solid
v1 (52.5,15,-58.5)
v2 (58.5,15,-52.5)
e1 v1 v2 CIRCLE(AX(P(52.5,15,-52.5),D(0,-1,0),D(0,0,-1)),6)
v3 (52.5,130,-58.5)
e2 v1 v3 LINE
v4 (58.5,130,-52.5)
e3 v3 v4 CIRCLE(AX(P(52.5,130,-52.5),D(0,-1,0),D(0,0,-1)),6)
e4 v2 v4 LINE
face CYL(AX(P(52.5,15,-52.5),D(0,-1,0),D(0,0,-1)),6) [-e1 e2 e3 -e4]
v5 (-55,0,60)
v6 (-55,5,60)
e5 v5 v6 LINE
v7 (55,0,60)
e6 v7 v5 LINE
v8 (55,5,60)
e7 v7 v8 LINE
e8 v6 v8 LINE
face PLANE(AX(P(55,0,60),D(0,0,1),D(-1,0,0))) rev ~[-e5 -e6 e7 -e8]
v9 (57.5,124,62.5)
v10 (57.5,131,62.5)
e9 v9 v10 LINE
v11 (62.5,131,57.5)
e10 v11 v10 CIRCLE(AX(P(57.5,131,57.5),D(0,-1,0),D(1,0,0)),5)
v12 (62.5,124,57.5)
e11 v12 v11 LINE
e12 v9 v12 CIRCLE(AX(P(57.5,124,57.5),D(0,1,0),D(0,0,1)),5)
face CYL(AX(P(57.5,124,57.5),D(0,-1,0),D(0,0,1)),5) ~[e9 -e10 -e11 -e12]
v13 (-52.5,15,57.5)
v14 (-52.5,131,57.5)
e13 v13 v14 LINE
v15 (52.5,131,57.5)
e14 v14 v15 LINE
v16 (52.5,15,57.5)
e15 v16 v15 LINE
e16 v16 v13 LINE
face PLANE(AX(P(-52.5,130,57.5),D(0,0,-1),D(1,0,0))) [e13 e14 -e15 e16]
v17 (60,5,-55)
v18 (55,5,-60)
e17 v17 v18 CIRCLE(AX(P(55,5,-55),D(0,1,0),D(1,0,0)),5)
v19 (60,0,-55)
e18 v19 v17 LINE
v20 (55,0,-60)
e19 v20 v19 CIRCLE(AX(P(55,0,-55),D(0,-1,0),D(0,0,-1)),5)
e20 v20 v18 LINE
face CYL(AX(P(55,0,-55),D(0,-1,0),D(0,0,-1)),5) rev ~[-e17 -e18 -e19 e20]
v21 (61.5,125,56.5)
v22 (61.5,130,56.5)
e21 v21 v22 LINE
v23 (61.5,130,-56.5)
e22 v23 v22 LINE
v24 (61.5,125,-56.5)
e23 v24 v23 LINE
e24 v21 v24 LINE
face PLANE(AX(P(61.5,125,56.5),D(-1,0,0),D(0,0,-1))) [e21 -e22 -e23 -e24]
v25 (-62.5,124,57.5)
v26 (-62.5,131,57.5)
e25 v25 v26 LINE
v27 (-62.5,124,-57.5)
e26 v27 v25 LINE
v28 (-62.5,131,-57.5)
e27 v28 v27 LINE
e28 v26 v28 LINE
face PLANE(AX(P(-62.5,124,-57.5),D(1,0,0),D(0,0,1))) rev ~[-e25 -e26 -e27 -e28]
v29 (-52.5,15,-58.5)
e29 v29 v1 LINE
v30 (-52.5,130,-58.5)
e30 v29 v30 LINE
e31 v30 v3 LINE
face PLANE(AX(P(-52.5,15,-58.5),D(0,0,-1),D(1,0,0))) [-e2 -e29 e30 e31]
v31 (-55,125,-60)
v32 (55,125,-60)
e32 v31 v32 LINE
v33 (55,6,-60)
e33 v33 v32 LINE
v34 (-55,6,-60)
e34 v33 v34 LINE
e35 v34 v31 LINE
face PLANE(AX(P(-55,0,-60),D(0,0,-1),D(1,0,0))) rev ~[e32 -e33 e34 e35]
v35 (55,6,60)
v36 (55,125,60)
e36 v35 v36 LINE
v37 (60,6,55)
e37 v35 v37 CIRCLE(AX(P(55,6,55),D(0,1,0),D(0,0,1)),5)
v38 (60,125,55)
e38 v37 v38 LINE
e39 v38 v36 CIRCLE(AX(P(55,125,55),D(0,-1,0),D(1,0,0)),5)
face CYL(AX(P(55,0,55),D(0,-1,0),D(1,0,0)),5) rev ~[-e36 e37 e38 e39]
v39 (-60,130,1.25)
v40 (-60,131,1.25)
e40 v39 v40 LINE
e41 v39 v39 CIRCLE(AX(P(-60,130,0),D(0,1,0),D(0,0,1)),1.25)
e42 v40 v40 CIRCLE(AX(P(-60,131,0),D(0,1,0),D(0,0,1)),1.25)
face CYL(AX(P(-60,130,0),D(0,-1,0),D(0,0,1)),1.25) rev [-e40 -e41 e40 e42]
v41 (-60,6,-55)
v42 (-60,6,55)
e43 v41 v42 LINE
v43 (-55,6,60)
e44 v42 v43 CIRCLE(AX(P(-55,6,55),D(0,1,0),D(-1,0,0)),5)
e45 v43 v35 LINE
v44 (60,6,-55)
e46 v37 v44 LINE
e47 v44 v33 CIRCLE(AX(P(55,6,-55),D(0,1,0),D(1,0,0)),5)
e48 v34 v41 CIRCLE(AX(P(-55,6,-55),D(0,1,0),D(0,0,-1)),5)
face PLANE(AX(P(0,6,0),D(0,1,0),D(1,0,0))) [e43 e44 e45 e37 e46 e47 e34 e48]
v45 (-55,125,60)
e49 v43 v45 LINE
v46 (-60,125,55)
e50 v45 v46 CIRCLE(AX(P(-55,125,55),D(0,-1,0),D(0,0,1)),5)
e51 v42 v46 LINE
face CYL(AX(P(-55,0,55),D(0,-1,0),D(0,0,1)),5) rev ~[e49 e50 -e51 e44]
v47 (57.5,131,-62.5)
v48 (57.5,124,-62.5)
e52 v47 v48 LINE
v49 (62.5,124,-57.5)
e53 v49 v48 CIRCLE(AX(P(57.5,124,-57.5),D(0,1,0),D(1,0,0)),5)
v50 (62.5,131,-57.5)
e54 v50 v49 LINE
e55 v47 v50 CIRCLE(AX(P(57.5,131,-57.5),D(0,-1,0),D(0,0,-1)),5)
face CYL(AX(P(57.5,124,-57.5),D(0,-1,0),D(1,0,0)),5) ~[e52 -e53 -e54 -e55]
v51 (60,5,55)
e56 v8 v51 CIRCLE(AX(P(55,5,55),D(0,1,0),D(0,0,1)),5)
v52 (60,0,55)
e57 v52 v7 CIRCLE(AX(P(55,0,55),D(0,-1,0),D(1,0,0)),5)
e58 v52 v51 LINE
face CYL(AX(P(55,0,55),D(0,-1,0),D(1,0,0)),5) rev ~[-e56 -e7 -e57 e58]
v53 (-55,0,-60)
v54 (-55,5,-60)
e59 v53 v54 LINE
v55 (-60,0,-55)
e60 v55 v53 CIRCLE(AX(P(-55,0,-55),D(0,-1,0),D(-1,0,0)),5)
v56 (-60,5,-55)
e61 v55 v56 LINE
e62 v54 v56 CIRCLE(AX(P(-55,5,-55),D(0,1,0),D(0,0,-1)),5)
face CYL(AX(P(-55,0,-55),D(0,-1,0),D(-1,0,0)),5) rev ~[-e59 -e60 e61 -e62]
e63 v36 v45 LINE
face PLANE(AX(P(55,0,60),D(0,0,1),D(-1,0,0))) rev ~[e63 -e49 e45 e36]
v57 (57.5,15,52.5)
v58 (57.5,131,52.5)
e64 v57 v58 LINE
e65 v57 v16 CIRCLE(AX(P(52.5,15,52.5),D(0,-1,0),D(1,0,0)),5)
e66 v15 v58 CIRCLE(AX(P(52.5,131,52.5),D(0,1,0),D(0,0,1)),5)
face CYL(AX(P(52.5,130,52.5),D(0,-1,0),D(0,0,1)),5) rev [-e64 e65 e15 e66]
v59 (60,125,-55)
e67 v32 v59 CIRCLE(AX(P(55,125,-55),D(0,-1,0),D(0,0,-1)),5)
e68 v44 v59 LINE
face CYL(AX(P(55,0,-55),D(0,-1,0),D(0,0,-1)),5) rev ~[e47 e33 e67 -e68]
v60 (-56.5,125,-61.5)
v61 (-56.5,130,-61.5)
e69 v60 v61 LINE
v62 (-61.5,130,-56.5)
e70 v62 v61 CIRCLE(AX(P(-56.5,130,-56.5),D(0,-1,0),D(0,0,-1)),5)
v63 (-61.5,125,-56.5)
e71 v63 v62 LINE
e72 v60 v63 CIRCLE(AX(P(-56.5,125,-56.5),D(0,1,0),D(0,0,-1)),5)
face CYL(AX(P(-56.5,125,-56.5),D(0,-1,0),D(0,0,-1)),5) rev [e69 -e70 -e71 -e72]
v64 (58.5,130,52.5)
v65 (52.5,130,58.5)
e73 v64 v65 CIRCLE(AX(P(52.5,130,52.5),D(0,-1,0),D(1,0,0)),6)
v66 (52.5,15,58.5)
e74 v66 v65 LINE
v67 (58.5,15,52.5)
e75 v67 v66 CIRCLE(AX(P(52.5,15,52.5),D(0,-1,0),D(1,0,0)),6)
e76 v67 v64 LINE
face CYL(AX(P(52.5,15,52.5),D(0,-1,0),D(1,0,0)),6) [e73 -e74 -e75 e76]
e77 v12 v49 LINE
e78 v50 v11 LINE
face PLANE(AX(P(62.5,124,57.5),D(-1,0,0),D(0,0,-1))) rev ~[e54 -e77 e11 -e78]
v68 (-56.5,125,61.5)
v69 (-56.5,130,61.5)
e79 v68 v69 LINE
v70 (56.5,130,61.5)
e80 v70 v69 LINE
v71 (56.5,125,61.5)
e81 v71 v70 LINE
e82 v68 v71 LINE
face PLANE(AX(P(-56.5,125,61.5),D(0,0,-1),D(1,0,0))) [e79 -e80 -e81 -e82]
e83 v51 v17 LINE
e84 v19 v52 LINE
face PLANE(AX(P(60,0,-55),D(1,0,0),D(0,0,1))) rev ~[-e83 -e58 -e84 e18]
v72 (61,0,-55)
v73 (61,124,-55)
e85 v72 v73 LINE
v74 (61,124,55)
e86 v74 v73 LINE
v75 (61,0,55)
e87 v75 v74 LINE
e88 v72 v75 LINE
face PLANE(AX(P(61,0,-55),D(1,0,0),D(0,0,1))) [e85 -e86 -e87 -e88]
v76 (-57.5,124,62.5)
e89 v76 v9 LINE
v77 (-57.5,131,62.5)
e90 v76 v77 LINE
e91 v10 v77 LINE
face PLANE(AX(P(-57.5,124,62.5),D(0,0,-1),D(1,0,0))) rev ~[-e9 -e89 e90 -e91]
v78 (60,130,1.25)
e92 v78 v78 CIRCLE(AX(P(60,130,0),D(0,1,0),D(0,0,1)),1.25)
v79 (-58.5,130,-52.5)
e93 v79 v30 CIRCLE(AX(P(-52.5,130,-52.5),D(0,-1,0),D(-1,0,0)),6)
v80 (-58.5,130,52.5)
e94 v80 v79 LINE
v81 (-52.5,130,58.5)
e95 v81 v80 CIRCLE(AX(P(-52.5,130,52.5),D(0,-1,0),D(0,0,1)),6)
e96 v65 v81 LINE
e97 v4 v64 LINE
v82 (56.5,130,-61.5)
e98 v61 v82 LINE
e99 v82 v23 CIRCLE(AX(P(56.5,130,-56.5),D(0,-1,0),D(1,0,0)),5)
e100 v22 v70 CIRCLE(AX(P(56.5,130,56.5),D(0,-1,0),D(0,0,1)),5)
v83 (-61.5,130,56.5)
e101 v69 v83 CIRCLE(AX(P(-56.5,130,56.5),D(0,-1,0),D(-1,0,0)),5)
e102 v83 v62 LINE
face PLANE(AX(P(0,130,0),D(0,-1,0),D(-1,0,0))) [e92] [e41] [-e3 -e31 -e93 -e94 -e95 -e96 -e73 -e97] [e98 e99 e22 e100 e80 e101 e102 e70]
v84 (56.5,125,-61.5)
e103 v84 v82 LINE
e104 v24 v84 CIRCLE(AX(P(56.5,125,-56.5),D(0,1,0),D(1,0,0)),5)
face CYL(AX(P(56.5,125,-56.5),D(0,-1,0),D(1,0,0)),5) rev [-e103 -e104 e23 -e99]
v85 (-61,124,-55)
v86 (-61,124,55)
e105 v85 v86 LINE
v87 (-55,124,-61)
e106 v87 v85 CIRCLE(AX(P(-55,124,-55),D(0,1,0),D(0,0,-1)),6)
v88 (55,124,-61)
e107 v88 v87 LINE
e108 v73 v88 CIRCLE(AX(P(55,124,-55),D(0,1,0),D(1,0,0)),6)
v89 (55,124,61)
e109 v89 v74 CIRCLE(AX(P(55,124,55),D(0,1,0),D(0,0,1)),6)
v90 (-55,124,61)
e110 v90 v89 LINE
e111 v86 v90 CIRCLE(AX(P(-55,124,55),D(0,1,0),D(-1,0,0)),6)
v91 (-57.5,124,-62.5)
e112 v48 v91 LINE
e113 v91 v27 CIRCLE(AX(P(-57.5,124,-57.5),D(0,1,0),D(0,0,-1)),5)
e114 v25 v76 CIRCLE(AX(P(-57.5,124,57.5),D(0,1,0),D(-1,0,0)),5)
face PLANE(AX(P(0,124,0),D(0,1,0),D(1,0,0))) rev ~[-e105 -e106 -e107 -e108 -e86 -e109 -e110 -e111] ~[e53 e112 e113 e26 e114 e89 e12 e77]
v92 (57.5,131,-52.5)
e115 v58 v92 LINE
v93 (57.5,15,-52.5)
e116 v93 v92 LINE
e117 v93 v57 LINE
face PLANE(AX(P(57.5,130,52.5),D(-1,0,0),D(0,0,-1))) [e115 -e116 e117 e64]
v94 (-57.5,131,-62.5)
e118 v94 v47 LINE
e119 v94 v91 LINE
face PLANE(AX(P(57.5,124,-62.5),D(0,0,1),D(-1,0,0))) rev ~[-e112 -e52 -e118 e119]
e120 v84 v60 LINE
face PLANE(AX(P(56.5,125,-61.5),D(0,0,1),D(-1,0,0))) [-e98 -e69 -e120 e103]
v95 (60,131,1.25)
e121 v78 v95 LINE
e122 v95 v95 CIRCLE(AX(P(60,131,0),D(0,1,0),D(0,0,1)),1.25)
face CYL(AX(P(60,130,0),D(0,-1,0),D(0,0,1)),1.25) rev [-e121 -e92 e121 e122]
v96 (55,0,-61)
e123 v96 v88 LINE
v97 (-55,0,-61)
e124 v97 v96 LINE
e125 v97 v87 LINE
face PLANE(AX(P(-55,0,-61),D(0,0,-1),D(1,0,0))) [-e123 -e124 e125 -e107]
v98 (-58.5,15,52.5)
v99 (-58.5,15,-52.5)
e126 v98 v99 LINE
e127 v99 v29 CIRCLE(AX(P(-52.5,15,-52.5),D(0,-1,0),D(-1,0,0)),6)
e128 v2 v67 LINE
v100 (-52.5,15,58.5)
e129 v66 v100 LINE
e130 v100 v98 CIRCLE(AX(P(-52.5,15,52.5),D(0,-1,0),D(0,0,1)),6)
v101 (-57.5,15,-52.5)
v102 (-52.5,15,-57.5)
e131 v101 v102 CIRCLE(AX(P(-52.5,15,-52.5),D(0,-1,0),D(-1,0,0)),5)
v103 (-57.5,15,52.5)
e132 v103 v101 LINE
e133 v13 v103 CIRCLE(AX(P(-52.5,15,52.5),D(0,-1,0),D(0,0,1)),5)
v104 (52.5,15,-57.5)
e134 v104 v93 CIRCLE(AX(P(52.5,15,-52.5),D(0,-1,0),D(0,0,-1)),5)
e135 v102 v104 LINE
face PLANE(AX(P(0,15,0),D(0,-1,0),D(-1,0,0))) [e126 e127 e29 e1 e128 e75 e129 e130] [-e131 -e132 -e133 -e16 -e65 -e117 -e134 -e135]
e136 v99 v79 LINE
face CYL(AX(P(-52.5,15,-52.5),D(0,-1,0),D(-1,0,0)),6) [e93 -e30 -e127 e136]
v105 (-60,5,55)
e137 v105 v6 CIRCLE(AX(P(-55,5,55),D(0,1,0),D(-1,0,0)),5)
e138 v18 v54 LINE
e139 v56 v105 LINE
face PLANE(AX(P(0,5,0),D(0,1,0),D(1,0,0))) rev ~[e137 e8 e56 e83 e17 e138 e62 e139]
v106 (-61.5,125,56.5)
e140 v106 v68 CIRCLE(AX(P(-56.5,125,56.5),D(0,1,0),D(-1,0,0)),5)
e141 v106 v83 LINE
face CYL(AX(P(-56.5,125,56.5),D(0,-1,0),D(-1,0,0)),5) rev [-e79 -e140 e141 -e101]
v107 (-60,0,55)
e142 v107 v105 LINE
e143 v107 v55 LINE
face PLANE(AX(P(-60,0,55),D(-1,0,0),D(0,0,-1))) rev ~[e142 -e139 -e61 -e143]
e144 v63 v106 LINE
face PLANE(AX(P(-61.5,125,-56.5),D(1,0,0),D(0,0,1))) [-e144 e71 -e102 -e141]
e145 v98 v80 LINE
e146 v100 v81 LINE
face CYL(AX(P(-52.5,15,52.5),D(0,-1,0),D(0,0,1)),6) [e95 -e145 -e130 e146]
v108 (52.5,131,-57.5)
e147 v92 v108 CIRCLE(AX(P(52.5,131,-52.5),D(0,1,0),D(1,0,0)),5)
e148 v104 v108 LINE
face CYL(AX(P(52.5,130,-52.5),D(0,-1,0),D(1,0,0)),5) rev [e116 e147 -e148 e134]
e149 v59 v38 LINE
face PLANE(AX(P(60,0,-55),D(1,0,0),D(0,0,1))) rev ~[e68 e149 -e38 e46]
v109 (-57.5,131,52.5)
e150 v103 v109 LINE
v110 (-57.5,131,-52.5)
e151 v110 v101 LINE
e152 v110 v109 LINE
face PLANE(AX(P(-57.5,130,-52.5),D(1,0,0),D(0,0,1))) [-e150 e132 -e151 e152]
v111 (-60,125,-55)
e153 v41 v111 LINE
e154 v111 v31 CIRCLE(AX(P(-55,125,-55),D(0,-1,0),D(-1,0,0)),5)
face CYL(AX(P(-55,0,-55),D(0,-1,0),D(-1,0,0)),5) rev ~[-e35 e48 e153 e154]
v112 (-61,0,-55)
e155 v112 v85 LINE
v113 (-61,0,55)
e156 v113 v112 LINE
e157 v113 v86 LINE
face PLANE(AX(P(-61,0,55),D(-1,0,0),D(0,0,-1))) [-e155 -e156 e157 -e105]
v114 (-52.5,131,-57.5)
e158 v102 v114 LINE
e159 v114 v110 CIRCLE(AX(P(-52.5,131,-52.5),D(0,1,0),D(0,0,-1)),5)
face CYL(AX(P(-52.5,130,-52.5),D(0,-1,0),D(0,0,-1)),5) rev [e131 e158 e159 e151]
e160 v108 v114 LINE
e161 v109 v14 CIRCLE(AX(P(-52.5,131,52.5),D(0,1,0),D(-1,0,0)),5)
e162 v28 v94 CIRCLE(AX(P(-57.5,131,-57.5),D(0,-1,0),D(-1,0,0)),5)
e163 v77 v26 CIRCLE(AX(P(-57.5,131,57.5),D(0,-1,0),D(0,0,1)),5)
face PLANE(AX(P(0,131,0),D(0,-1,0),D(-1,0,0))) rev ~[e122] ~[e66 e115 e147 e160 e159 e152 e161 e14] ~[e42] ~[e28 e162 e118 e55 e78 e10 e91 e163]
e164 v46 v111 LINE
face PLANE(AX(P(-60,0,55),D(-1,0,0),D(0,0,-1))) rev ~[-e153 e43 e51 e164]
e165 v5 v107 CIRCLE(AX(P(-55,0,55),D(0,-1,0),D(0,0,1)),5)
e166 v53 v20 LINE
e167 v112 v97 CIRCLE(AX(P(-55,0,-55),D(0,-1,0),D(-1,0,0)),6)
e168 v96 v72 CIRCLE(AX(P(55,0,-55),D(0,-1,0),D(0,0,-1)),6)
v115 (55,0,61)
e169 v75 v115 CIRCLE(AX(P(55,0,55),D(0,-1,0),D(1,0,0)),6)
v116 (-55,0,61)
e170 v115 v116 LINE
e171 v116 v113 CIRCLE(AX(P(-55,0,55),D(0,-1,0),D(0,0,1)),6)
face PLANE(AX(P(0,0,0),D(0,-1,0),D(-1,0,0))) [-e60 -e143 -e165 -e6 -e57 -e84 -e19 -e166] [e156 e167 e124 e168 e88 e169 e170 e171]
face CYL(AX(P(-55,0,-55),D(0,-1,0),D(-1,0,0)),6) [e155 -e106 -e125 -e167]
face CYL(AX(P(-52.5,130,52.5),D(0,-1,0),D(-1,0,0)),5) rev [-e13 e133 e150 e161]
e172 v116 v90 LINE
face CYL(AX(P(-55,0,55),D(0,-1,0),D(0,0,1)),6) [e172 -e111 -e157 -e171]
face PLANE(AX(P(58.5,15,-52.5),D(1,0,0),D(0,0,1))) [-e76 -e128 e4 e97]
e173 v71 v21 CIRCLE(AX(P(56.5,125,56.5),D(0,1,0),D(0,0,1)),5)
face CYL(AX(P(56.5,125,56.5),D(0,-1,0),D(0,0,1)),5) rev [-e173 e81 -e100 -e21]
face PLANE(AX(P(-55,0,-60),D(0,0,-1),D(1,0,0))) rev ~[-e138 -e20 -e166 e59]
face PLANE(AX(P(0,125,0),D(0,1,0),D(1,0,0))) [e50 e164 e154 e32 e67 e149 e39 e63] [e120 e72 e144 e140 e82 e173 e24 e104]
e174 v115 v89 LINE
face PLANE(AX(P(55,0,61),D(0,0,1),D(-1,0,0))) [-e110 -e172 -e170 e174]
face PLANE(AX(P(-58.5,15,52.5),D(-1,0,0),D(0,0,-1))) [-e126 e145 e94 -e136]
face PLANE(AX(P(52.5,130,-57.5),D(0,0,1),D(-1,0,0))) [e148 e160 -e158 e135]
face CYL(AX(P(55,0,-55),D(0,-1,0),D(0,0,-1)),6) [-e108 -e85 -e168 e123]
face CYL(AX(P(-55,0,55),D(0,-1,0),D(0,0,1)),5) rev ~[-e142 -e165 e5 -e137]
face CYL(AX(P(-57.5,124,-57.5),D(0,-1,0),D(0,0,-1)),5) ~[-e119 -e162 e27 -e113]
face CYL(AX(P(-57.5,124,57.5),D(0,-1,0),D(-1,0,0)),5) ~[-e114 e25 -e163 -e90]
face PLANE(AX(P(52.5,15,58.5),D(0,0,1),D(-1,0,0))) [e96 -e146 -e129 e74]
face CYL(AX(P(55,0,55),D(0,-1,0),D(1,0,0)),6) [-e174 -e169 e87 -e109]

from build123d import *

# Parameters (mm, degrees)
EXTRUDE_1_DEPTH   = 125
EXTRUDE_1_2_DEPTH = 1
EXTRUDE_2_DEPTH   = 115
SKETCH_5_R        = 1.25
EXTRUDE_3_DEPTH   = 1
EXTRUDE_4_REACH   = 155.093
EXTRUDE_START     = -1
EXTRUDE_5_DEPTH   = 1


with BuildPart() as part:
    # 草图1 → Extrude 1 (new body)
    with BuildSketch(Plane(origin=(0, 0, 0), x_dir=(1, 0, 0), z_dir=(0, 1, 0))):
        with BuildLine():
            Line((55, -61), (-55, -61))
            ThreePointArc((-55, -61), (-59.242640687, -59.242640687), (-61, -55))
            Line((-61, -55), (-61, 55))
            ThreePointArc((-61, 55), (-59.242640687, 59.242640687), (-55, 61))
            Line((-55, 61), (55, 61))
            ThreePointArc((55, 61), (59.242640687, 59.242640687), (61, 55))
            Line((61, 55), (61, -55))
            ThreePointArc((61, -55), (59.242640687, -59.242640687), (55, -61))
        make_face()
        with BuildLine():
            Line((55, -60), (-55, -60))
            ThreePointArc((-55, -60), (-58.535533906, -58.535533906), (-60, -55))
            Line((-60, -55), (-60, 55))
            ThreePointArc((-60, 55), (-58.535533906, 58.535533906), (-55, 60))
            Line((-55, 60), (55, 60))
            ThreePointArc((55, 60), (58.535533906, 58.535533906), (60, 55))
            Line((60, 55), (60, -55))
            ThreePointArc((60, -55), (58.535533906, -58.535533906), (55, -60))
        make_face(mode=Mode.SUBTRACT)
    extrude(amount=EXTRUDE_1_DEPTH)

    # 草图2 → Extrude 1 2 (add)
    with BuildSketch(Plane(origin=(0, 5, 0), x_dir=(1, 0, 0), z_dir=(0, 1, 0))):
        with BuildLine():
            Line((-60, 55), (-60, -55))
            ThreePointArc((-60, -55), (-58.535533906, -58.535533906), (-55, -60))
            Line((-55, -60), (55, -60))
            ThreePointArc((55, -60), (58.535533906, -58.535533906), (60, -55))
            Line((60, -55), (60, 55))
            ThreePointArc((60, 55), (58.535533906, 58.535533906), (55, 60))
            Line((55, 60), (-55, 60))
            ThreePointArc((-55, 60), (-58.535533906, 58.535533906), (-60, 55))
        make_face()
    extrude(amount=EXTRUDE_1_2_DEPTH)



with BuildPart() as body_2:
    # 草图4 → 拉伸-薄壁2 (new body)
    with BuildSketch(Plane(origin=(0, 15, 0), x_dir=(1, 0, 0), z_dir=(0, 1, 0))):
        with BuildLine():
            Line((-52.5, 58.5), (52.5, 58.5))
            ThreePointArc((52.5, 58.5), (56.742640687, 56.742640687), (58.5, 52.5))
            Line((58.5, 52.5), (58.5, -52.5))
            ThreePointArc((58.5, -52.5), (56.742640687, -56.742640687), (52.5, -58.5))
            Line((52.5, -58.5), (-52.5, -58.5))
            ThreePointArc((-52.5, -58.5), (-56.742640687, -56.742640687), (-58.5, -52.5))
            Line((-58.5, -52.5), (-58.5, 52.5))
            ThreePointArc((-58.5, 52.5), (-56.742640687, 56.742640687), (-52.5, 58.5))
        make_face()
        with BuildLine():
            Line((-52.5, 57.5), (52.5, 57.5))
            ThreePointArc((52.5, 57.5), (56.035533906, 56.035533906), (57.5, 52.5))
            Line((57.5, 52.5), (57.5, -52.5))
            ThreePointArc((57.5, -52.5), (56.035533906, -56.035533906), (52.5, -57.5))
            Line((52.5, -57.5), (-52.5, -57.5))
            ThreePointArc((-52.5, -57.5), (-56.035533906, -56.035533906), (-57.5, -52.5))
            Line((-57.5, -52.5), (-57.5, 52.5))
            ThreePointArc((-57.5, 52.5), (-56.035533906, 56.035533906), (-52.5, 57.5))
        make_face(mode=Mode.SUBTRACT)
    extrude(amount=EXTRUDE_2_DEPTH)

    # 草图5 → 凸台-拉伸3 (add)
    with BuildSketch(Plane(origin=(0, 130, 0), x_dir=(1, 0, 0), z_dir=(0, 1, 0))):
        with BuildLine():
            Line((-57.5, 62.5), (57.5, 62.5))
            ThreePointArc((57.5, 62.5), (61.035533906, 61.035533906), (62.5, 57.5))
            Line((62.5, 57.5), (62.5, -57.5))
            ThreePointArc((62.5, -57.5), (61.035533906, -61.035533906), (57.5, -62.5))
            Line((57.5, -62.5), (-57.5, -62.5))
            ThreePointArc((-57.5, -62.5), (-61.035533906, -61.035533906), (-62.5, -57.5))
            Line((-62.5, -57.5), (-62.5, 57.5))
            ThreePointArc((-62.5, 57.5), (-61.035533906, 61.035533906), (-57.5, 62.5))
        make_face()
        with Locations(Location((-60, 0, 0), (0, 0, 270))):
            Circle(SKETCH_5_R, mode=Mode.SUBTRACT)
        with Locations(Location((60, 0, 0), (0, 0, 270))):
            Circle(SKETCH_5_R, mode=Mode.SUBTRACT)
        with BuildLine():
            Line((-57.5, 52.5), (-57.5, -52.5))
            ThreePointArc((-57.5, -52.5), (-56.035533906, -56.035533906), (-52.5, -57.5))
            Line((-52.5, -57.5), (52.5, -57.5))
            ThreePointArc((52.5, -57.5), (56.035533906, -56.035533906), (57.5, -52.5))
            Line((57.5, -52.5), (57.5, 52.5))
            ThreePointArc((57.5, 52.5), (56.035533906, 56.035533906), (52.5, 57.5))
            Line((52.5, 57.5), (-52.5, 57.5))
            ThreePointArc((-52.5, 57.5), (-56.035533906, 56.035533906), (-57.5, 52.5))
        make_face(mode=Mode.SUBTRACT)
    extrude(amount=EXTRUDE_3_DEPTH)

    # 草图7 → 凸台-拉伸4 (add, up to next)
    with BuildSketch(Plane(origin=(0, 125, 0), x_dir=(1, 0, 0), z_dir=(0, 1, 0)), mode=Mode.PRIVATE) as extrude_4_sk1:
        with BuildLine():
            Line((62.5, -57.5), (62.5, 57.5))
            ThreePointArc((62.5, 57.5), (61.035533906, 61.035533906), (57.5, 62.5))
            Line((57.5, 62.5), (-57.5, 62.5))
            ThreePointArc((-57.5, 62.5), (-61.035533906, 61.035533906), (-62.5, 57.5))
            Line((-62.5, 57.5), (-62.5, -57.5))
            ThreePointArc((-62.5, -57.5), (-61.035533906, -61.035533906), (-57.5, -62.5))
            Line((-57.5, -62.5), (57.5, -62.5))
            ThreePointArc((57.5, -62.5), (61.035533906, -61.035533906), (62.5, -57.5))
        make_face()
        with BuildLine():
            Line((-56.5, -61.5), (56.5, -61.5))
            ThreePointArc((56.5, -61.5), (60.035533906, -60.035533906), (61.5, -56.5))
            Line((61.5, -56.5), (61.5, 56.5))
            ThreePointArc((61.5, 56.5), (60.035533906, 60.035533906), (56.5, 61.5))
            Line((56.5, 61.5), (-56.5, 61.5))
            ThreePointArc((-56.5, 61.5), (-60.035533906, 60.035533906), (-61.5, 56.5))
            Line((-61.5, 56.5), (-61.5, -56.5))
            ThreePointArc((-61.5, -56.5), (-60.035533906, -60.035533906), (-56.5, -61.5))
        make_face(mode=Mode.SUBTRACT)
    extrude_4_tool1 = extrude(extrude_4_sk1.sketch, amount=EXTRUDE_4_REACH, mode=Mode.PRIVATE) - body_2.part
    add(extrude_4_tool1.solids().sort_by_distance((60.910534, 125, 60.910534))[0])


with BuildPart() as part_1:
    add(part.part)

    add(body_2.part)  # 凸台-拉伸5 merges body 2
    # 草图8 → 凸台-拉伸5 (add)
    with BuildSketch(Plane(origin=(0, 125, 0), x_dir=(1, 0, 0), z_dir=(0, 1, 0)).offset(EXTRUDE_START)):
        with BuildLine():
            Line((-62.5, 57.5), (-62.5, -57.5))
            ThreePointArc((-62.5, -57.5), (-61.035533906, -61.035533906), (-57.5, -62.5))
            Line((-57.5, -62.5), (57.5, -62.5))
            ThreePointArc((57.5, -62.5), (61.035533906, -61.035533906), (62.5, -57.5))
            Line((62.5, -57.5), (62.5, 57.5))
            ThreePointArc((62.5, 57.5), (61.035533906, 61.035533906), (57.5, 62.5))
            Line((57.5, 62.5), (-57.5, 62.5))
            ThreePointArc((-57.5, 62.5), (-61.035533906, 61.035533906), (-62.5, 57.5))
        make_face()
        with BuildLine():
            Line((55, 61), (-55, 61))
            ThreePointArc((-55, 61), (-59.242640687, 59.242640687), (-61, 55))
            Line((-61, 55), (-61, -55))
            ThreePointArc((-61, -55), (-59.242640687, -59.242640687), (-55, -61))
            Line((-55, -61), (55, -61))
            ThreePointArc((55, -61), (59.242640687, -59.242640687), (61, -55))
            Line((61, -55), (61, 55))
            ThreePointArc((61, 55), (59.242640687, 59.242640687), (55, 61))
        make_face(mode=Mode.SUBTRACT)
    extrude(amount=EXTRUDE_5_DEPTH)


solid = part_1.part
